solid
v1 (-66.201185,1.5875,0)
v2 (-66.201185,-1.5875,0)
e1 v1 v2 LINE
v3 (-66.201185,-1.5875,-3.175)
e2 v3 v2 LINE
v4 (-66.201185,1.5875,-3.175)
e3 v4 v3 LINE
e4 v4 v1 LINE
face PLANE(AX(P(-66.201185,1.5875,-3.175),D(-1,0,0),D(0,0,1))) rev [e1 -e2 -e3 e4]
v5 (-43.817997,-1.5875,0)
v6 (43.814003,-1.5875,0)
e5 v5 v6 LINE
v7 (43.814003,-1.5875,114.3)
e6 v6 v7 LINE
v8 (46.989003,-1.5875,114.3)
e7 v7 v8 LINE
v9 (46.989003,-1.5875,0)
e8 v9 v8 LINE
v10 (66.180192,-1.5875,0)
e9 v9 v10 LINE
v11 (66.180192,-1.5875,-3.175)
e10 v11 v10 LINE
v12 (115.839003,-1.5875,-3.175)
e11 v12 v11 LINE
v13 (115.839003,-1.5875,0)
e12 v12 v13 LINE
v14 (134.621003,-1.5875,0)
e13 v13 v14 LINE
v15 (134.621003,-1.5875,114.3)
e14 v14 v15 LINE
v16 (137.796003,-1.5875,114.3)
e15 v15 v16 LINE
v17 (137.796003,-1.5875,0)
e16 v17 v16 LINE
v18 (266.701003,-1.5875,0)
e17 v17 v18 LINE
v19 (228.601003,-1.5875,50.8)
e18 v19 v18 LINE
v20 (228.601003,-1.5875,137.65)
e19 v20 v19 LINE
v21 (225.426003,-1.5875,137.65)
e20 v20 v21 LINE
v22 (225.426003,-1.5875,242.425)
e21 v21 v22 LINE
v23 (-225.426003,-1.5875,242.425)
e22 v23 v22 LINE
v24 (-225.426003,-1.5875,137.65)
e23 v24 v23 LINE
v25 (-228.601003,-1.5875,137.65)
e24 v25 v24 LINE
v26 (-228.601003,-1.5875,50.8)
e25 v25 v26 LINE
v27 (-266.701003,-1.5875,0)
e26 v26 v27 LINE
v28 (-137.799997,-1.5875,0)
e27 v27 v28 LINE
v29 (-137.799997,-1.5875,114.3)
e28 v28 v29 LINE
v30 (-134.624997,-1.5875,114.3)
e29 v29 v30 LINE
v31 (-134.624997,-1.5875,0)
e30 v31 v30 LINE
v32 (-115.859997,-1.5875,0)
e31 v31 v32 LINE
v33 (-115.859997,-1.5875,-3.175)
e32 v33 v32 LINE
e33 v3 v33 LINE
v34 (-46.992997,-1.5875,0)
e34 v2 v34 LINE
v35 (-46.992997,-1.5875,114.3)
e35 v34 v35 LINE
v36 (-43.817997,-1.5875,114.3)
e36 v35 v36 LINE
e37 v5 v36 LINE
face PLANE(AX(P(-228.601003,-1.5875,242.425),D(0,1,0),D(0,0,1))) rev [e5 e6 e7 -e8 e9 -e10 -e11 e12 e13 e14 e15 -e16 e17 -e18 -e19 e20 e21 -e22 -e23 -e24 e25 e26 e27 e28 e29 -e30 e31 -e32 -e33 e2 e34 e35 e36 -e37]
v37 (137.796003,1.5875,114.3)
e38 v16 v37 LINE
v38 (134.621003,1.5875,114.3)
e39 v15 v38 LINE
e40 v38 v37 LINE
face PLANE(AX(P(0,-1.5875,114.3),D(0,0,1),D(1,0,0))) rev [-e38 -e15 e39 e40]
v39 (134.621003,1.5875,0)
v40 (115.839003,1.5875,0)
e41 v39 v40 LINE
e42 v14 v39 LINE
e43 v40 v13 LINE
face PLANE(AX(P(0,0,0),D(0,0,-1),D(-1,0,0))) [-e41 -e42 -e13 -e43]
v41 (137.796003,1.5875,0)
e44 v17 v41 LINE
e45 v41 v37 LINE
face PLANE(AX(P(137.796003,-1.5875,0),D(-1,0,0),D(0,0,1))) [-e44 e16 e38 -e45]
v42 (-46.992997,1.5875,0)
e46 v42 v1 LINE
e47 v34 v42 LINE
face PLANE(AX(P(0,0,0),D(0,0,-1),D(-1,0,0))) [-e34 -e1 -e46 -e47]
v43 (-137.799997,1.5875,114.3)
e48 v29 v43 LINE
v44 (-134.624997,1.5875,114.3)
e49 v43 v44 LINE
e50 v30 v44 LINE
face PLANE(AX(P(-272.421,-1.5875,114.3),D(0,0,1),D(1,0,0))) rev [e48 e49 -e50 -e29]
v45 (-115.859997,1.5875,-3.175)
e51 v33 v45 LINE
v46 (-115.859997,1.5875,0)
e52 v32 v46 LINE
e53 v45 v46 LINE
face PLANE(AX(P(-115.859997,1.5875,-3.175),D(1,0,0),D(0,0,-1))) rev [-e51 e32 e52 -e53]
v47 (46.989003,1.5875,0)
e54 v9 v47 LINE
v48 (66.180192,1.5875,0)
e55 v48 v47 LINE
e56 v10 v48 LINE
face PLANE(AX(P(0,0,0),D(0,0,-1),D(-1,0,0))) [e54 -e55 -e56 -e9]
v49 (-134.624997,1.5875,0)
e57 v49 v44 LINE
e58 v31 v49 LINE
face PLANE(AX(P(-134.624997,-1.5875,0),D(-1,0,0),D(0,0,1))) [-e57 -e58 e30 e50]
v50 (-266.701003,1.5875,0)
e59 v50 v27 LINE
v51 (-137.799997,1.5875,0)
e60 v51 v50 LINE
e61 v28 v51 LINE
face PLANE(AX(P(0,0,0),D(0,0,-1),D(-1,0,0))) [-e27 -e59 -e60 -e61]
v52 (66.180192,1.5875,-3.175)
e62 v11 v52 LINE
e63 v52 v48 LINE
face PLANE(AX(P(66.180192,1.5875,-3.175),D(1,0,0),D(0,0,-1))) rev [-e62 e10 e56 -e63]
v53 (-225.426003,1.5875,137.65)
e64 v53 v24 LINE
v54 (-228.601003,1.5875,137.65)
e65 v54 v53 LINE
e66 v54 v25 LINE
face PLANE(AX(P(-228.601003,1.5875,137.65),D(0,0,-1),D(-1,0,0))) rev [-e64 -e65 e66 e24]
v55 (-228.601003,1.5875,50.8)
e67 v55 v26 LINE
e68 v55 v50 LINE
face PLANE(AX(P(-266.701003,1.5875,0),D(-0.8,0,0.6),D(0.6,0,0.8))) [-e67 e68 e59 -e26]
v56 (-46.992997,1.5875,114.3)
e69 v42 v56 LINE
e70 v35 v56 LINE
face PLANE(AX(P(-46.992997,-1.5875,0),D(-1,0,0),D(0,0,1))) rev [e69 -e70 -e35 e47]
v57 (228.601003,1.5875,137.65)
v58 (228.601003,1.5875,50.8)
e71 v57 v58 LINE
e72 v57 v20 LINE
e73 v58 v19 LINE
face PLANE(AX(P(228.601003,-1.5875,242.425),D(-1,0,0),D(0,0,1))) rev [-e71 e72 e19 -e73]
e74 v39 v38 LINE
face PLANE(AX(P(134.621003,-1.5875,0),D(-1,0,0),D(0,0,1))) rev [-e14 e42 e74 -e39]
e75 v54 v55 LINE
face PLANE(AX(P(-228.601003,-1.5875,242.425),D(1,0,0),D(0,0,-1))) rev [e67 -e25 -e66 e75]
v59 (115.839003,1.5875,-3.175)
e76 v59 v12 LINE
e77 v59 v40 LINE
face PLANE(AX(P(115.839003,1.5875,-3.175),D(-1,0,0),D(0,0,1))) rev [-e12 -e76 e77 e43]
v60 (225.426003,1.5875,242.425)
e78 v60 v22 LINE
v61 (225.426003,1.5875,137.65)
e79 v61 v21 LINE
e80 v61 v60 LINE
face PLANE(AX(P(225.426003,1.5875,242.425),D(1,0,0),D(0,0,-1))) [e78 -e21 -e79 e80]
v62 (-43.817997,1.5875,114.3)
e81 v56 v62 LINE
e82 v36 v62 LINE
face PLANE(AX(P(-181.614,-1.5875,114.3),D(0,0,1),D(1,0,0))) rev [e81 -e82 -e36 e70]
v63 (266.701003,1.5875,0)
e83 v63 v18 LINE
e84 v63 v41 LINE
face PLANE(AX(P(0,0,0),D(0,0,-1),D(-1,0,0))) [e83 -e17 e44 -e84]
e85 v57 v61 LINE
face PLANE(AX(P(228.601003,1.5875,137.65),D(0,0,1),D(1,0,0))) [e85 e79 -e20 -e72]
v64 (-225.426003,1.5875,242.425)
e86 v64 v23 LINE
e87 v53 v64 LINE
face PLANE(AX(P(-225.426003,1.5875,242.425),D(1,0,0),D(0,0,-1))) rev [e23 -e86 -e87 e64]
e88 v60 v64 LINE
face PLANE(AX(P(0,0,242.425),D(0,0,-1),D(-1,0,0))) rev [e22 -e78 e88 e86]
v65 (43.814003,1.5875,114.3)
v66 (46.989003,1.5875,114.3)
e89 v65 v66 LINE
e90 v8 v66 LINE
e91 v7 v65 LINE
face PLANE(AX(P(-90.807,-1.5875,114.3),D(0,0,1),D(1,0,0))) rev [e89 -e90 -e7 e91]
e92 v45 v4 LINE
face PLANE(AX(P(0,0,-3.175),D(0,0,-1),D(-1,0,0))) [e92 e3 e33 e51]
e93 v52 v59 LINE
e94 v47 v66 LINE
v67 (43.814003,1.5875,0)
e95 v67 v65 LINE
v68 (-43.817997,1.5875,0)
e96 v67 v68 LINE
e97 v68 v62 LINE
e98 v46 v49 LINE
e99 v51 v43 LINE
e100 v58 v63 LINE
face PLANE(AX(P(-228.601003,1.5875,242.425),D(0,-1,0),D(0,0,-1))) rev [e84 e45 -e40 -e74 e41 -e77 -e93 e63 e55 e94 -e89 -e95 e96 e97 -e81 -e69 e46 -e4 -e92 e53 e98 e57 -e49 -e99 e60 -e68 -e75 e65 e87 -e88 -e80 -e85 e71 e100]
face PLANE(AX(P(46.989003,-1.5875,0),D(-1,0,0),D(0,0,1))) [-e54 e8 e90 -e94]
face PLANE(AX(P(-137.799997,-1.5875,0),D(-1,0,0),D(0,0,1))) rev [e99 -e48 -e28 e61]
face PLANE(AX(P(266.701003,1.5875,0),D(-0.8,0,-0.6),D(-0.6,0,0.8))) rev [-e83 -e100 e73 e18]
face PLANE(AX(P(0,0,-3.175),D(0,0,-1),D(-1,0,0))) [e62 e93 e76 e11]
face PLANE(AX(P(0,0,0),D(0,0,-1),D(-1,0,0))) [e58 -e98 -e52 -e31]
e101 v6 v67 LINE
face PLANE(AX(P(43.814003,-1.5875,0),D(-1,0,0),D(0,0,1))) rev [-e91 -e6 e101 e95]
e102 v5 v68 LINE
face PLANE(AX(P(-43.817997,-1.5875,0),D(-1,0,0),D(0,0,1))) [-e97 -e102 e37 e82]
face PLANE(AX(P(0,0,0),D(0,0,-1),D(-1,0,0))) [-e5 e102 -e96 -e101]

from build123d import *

# Parameters (mm, degrees)
SKETCH1_W           = 457.2020066
SKETCH1_H           = 3.175
BOSS_EXTRUDE1_DEPTH = 242.425000036
SKETCH2_W           = 3.175
SKETCH2_H           = 114.3
CUT_EXTRUDE1_DEPTH  = 334.224218774
LPATTERN1_COUNT     = 4
LPATTERN1_PITCH     = 90.807
SKETCH3_W           = 49.658811606
SKETCH3_H           = 3.175
BOSS_EXTRUDE2_DEPTH = 3.175
BOSS_EXTRUDE3_DEPTH = 3.175
SKETCH5_W           = 3.175
SKETCH5_H           = 104.775
CUT_EXTRUDE2_DEPTH  = 3.175


with BuildPart() as part:
    # Sketch1 → Boss-Extrude1 (new body)
    with BuildSketch(Plane.XY):
        Rectangle(SKETCH1_W, SKETCH1_H)
    extrude(amount=BOSS_EXTRUDE1_DEPTH)

    # Sketch2 → Cut-Extrude1 (cut, through all)
    with BuildSketch(Plane(origin=(0, 1.5875, 0), x_dir=(1, 0, 0), z_dir=(0, 1, 0))):
        with Locations((136.2085033, -57.15)):
            Rectangle(SKETCH2_W, SKETCH2_H)
    cut_extrude1 = extrude(amount=-CUT_EXTRUDE1_DEPTH, mode=Mode.SUBTRACT)

    # LPattern1: Cut-Extrude1 ×4
    with Locations(*[(-i * LPATTERN1_PITCH, 0, 0) for i in range(1, LPATTERN1_COUNT)]):
        add(cut_extrude1, mode=Mode.SUBTRACT)

    # Sketch3 → Boss-Extrude2 (add)
    with BuildSketch(Plane(origin=(0, 0, 0), x_dir=(-1, 0, 0), z_dir=(0, 0, -1))):
        with Locations((-91.009597469, 0)):
            Rectangle(SKETCH3_W, SKETCH3_H)
        with Locations((91.030590869, 0)):
            Rectangle(SKETCH3_W, SKETCH3_H)
    extrude(amount=BOSS_EXTRUDE2_DEPTH)

    # Sketch4 → Boss-Extrude3 (add)
    with BuildSketch(Plane.XZ.offset(1.5875)):
        Polygon((-228.6010033, 0), (-266.7010033, 0), (-228.6010033, 50.8), align=None)
    boss_extrude3 = extrude(amount=-BOSS_EXTRUDE3_DEPTH)

    # Mirror1: Boss-Extrude3 across plane
    add(boss_extrude3.mirror(Plane(origin=(0, 0, 0), x_dir=(0, 0, 1), z_dir=(1, 0, 0))))

    # Sketch5 → Cut-Extrude2 (cut)
    with BuildSketch(Plane.XZ.offset(1.5875)):
        with Locations((-227.0135033, 190.037500036)):
            Rectangle(SKETCH5_W, SKETCH5_H)
    cut_extrude2 = extrude(amount=-CUT_EXTRUDE2_DEPTH, mode=Mode.SUBTRACT)

    # Mirror2: Cut-Extrude2 across plane
    add(cut_extrude2.mirror(Plane(origin=(0, 0, 0), x_dir=(0, 0, 1), z_dir=(1, 0, 0))), mode=Mode.SUBTRACT)


solid = part.part
